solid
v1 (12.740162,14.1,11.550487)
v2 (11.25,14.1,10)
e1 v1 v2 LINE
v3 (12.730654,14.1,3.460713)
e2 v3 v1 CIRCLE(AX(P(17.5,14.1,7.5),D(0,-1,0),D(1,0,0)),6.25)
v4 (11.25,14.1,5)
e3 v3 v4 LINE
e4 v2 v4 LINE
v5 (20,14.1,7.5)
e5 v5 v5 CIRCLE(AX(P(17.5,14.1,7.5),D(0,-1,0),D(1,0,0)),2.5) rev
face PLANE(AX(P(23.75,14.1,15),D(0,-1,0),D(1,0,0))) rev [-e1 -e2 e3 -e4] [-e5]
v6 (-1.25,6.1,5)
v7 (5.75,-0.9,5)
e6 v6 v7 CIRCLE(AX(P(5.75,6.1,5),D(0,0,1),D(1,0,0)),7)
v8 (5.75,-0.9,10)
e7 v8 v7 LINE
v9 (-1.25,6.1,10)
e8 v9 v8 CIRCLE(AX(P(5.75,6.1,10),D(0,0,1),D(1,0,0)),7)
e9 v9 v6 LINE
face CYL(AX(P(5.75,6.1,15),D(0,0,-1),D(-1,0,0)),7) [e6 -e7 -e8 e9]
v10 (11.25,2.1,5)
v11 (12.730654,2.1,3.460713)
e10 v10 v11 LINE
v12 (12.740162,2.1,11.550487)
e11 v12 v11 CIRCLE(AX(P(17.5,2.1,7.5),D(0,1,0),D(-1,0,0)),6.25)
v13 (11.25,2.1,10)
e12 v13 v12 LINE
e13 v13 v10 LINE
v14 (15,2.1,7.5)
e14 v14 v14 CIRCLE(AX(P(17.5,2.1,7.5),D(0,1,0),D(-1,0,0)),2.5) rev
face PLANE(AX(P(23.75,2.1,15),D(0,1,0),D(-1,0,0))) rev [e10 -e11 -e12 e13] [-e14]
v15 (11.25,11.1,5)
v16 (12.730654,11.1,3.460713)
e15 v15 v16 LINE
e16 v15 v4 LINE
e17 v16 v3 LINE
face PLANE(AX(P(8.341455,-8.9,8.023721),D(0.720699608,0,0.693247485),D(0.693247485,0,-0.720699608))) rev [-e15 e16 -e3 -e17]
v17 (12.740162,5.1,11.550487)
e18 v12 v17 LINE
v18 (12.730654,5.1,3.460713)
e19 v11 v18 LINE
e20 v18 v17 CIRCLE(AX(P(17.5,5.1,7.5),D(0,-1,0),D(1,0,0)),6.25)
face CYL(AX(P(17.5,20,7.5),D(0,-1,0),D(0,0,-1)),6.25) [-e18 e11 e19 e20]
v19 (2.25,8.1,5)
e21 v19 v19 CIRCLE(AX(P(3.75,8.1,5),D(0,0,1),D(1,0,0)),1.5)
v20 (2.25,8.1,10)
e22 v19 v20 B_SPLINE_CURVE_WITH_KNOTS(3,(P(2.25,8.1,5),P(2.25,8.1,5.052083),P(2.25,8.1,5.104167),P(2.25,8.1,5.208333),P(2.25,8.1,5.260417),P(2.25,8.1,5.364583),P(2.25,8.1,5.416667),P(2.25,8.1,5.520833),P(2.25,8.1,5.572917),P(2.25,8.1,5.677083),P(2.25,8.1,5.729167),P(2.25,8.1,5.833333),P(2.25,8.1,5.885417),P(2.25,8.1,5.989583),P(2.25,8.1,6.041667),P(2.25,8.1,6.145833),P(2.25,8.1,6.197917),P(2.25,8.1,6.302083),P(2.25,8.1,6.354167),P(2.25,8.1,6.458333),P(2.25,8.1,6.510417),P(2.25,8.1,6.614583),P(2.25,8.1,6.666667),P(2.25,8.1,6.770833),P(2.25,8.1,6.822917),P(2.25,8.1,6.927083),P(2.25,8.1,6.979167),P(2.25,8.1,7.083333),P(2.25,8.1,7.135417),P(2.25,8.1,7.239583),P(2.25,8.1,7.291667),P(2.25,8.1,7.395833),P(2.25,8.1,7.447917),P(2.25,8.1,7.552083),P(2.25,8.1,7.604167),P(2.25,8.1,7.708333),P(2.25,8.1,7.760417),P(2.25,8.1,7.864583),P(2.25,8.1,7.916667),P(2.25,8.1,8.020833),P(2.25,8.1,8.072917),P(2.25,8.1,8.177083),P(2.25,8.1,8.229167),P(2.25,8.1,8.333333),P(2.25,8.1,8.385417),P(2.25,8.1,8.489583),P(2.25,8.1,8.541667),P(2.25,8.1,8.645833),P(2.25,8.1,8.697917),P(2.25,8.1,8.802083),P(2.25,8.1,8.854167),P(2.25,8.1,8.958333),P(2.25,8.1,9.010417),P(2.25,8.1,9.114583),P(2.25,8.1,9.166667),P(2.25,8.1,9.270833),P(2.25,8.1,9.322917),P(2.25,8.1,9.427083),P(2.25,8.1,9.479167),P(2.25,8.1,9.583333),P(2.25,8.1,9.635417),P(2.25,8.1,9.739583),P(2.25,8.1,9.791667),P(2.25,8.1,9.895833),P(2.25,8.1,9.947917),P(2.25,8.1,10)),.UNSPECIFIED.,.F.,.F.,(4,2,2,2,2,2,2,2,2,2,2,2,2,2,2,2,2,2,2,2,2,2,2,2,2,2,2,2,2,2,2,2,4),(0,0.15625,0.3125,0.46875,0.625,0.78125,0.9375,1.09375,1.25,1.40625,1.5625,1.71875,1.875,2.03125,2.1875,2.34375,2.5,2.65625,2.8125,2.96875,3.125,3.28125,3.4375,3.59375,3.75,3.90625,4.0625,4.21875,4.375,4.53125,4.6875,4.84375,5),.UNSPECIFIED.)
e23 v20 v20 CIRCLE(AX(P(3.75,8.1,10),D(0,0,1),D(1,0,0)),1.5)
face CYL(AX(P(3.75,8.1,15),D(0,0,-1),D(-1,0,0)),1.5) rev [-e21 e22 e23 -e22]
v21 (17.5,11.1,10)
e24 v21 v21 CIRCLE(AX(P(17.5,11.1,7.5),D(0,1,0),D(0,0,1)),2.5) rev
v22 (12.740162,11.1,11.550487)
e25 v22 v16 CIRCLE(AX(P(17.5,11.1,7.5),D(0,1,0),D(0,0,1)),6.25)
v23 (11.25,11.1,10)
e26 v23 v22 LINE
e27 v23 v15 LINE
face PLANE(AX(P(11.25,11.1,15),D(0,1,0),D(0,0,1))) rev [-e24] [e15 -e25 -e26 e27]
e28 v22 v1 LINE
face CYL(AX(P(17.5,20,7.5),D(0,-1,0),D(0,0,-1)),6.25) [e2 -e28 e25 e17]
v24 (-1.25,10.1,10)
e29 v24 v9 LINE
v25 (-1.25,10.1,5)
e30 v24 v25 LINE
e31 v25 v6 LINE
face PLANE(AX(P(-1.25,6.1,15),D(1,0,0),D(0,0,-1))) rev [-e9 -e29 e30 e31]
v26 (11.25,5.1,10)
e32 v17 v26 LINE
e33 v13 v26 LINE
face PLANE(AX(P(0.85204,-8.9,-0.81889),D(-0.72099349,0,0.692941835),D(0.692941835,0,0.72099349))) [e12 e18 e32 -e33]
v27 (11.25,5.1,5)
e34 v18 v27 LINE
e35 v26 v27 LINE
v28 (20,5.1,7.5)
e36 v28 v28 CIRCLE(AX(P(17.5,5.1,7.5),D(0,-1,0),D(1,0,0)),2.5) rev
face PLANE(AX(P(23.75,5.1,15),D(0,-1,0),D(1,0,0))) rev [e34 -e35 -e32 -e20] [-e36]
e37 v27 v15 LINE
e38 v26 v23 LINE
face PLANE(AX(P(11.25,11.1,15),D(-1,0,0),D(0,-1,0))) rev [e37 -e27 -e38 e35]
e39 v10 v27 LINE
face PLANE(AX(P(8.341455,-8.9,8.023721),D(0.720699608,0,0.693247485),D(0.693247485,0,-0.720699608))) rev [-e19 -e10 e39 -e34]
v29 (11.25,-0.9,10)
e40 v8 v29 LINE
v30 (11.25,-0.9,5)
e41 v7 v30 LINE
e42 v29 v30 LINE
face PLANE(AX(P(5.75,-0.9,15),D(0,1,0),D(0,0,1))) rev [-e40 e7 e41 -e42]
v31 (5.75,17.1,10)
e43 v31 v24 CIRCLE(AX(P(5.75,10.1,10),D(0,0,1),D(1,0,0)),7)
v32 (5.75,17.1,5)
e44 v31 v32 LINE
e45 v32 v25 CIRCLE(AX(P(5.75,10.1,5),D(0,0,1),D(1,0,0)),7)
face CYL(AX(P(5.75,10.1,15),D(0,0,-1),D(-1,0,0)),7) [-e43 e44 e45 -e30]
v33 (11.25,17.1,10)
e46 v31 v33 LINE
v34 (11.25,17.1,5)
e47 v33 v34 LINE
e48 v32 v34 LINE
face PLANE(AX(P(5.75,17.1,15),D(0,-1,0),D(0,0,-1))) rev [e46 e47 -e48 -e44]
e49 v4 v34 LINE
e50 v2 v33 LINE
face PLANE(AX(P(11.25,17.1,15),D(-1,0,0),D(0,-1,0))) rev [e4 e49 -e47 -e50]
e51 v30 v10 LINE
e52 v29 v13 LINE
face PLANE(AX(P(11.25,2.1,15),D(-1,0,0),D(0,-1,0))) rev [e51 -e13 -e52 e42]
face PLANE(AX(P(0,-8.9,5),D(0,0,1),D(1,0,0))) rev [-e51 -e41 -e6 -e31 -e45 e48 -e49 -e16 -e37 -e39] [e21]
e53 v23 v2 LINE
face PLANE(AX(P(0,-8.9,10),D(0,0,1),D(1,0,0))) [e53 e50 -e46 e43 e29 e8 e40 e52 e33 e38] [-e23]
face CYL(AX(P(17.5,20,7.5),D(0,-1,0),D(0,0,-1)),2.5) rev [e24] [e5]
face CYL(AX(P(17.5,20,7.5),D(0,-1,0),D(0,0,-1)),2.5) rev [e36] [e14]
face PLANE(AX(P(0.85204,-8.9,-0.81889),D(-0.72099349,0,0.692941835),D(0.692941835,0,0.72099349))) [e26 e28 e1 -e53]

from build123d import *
from build123d.topology import SkipClean

# Parameters (mm, degrees)
CROQUIS1_R              = 1.5
SALIENTE_EXTRUIR1_DEPTH = 15
CROQUIS2_R              = 2.5
CORTAR_EXTRUIR1_DEPTH   = 20
CORTAR_EXTRUIR2_START   = -26
CROQUIS4_W              = 5.5
CROQUIS4_H              = 5
CORTAR_EXTRUIR2_DEPTH   = 26


with BuildPart() as part:
    # Croquis1 → Saliente-Extruir1 (new body)
    with BuildSketch(Plane.XY):
        with BuildLine():
            Line((11.25, 17.1), (11.25, 14.1))
            Line((11.25, 14.1), (23.75, 14.1))
            Line((23.75, 14.1), (23.75, 11.1))
            Line((23.75, 11.1), (11.25, 11.1))
            Line((11.25, 11.1), (11.25, 5.1))
            Line((11.25, 5.1), (23.75, 5.1))
            Line((23.75, 5.1), (23.75, 2.1))
            Line((23.75, 2.1), (11.25, 2.1))
            Line((11.25, 2.1), (11.25, -0.9))
            Line((11.25, -0.9), (5.75, -0.9))
            ThreePointArc((5.75, -0.9), (0.800252532, 1.150252532), (-1.25, 6.1))
            Line((-1.25, 6.1), (-1.25, 10.1))
            ThreePointArc((-1.25, 10.1), (0.800252532, 15.049747468), (5.75, 17.1))
            Line((5.75, 17.1), (11.25, 17.1))
        make_face()
        with Locations((3.75, 8.1)):
            Circle(CROQUIS1_R, mode=Mode.SUBTRACT)
    extrude(amount=SALIENTE_EXTRUIR1_DEPTH)

    # Croquis2 → Cortar-Extruir1 (cut)
    with BuildSketch(Plane(origin=(0, 0, 0), x_dir=(1, 0, 0), z_dir=(0, 1, 0))):
        with Locations((17.5, -7.5)):
            Circle(CROQUIS2_R)
        with BuildLine():
            Line((17.5, -1.25), (11.25, 0))
            Line((11.25, 0), (11.126279301, 1.868603497))
            Line((11.126279301, 1.868603497), (29.663453957, 1.868603497))
            Line((29.663453957, 1.868603497), (29.663453957, -17.961269996))
            Line((29.663453957, -17.961269996), (11.25, -17.961269996))
            Line((11.25, -17.961269996), (11.25, -15))
            Line((11.25, -15), (17.5, -13.75))
            ThreePointArc((17.5, -13.75), (23.75, -7.5), (17.5, -1.25))
        make_face()
    extrude(amount=CORTAR_EXTRUIR1_DEPTH, mode=Mode.SUBTRACT)

    # Croquis4 → Cortar-Extruir2 (cut)
    with SkipClean():  # the faces are left unmerged after this step: merging them gives an invalid solid
        with BuildSketch(Plane(origin=(0, 17.1, 0), x_dir=(1, 0, 0), z_dir=(0, 1, 0)).offset(CORTAR_EXTRUIR2_START)):
            with BuildLine():
                Line((-4.389645589, -5), (5.75, -5))
                Line((5.75, -5), (5.75, 0))
                Line((5.75, 0), (11.25, 0))
                Line((11.25, 0), (11.25, -5))
                Line((11.25, -5), (12.730653795, -3.460713334))
                ThreePointArc((12.730653795, -3.460713334), (12.995627449, -3.167203221), (13.278631189, -2.891036411))
                ThreePointArc((13.278631189, -2.891036411), (15.2354385, -1.674687887), (17.5, -1.25))
                Line((17.5, -1.25), (17.5, 1.887707064))
                Line((17.5, 1.887707064), (-4.389645589, 1.887707064))
                Line((-4.389645589, 1.887707064), (-4.389645589, -5))
            make_face()
            with Locations((8.5, -2.5)):
                Rectangle(CROQUIS4_W, CROQUIS4_H)
            with BuildLine():
                Line((5.75, -10), (-4.389645589, -10))
                Line((-4.389645589, -10), (-4.389645589, -16.45653889))
                Line((-4.389645589, -16.45653889), (17.5, -16.45653889))
                Line((17.5, -16.45653889), (17.5, -13.75))
                ThreePointArc((17.5, -13.75), (14.878268112, -13.173536984), (12.740162296, -11.550487011))
                Line((12.740162296, -11.550487011), (11.25, -10))
                Line((11.25, -10), (11.25, -15))
                Line((11.25, -15), (5.75, -15))
                Line((5.75, -15), (5.75, -10))
            make_face()
            with Locations((8.5, -12.5)):
                Rectangle(CROQUIS4_W, CROQUIS4_H)
        extrude(amount=CORTAR_EXTRUIR2_DEPTH, mode=Mode.SUBTRACT)


solid = part.part
